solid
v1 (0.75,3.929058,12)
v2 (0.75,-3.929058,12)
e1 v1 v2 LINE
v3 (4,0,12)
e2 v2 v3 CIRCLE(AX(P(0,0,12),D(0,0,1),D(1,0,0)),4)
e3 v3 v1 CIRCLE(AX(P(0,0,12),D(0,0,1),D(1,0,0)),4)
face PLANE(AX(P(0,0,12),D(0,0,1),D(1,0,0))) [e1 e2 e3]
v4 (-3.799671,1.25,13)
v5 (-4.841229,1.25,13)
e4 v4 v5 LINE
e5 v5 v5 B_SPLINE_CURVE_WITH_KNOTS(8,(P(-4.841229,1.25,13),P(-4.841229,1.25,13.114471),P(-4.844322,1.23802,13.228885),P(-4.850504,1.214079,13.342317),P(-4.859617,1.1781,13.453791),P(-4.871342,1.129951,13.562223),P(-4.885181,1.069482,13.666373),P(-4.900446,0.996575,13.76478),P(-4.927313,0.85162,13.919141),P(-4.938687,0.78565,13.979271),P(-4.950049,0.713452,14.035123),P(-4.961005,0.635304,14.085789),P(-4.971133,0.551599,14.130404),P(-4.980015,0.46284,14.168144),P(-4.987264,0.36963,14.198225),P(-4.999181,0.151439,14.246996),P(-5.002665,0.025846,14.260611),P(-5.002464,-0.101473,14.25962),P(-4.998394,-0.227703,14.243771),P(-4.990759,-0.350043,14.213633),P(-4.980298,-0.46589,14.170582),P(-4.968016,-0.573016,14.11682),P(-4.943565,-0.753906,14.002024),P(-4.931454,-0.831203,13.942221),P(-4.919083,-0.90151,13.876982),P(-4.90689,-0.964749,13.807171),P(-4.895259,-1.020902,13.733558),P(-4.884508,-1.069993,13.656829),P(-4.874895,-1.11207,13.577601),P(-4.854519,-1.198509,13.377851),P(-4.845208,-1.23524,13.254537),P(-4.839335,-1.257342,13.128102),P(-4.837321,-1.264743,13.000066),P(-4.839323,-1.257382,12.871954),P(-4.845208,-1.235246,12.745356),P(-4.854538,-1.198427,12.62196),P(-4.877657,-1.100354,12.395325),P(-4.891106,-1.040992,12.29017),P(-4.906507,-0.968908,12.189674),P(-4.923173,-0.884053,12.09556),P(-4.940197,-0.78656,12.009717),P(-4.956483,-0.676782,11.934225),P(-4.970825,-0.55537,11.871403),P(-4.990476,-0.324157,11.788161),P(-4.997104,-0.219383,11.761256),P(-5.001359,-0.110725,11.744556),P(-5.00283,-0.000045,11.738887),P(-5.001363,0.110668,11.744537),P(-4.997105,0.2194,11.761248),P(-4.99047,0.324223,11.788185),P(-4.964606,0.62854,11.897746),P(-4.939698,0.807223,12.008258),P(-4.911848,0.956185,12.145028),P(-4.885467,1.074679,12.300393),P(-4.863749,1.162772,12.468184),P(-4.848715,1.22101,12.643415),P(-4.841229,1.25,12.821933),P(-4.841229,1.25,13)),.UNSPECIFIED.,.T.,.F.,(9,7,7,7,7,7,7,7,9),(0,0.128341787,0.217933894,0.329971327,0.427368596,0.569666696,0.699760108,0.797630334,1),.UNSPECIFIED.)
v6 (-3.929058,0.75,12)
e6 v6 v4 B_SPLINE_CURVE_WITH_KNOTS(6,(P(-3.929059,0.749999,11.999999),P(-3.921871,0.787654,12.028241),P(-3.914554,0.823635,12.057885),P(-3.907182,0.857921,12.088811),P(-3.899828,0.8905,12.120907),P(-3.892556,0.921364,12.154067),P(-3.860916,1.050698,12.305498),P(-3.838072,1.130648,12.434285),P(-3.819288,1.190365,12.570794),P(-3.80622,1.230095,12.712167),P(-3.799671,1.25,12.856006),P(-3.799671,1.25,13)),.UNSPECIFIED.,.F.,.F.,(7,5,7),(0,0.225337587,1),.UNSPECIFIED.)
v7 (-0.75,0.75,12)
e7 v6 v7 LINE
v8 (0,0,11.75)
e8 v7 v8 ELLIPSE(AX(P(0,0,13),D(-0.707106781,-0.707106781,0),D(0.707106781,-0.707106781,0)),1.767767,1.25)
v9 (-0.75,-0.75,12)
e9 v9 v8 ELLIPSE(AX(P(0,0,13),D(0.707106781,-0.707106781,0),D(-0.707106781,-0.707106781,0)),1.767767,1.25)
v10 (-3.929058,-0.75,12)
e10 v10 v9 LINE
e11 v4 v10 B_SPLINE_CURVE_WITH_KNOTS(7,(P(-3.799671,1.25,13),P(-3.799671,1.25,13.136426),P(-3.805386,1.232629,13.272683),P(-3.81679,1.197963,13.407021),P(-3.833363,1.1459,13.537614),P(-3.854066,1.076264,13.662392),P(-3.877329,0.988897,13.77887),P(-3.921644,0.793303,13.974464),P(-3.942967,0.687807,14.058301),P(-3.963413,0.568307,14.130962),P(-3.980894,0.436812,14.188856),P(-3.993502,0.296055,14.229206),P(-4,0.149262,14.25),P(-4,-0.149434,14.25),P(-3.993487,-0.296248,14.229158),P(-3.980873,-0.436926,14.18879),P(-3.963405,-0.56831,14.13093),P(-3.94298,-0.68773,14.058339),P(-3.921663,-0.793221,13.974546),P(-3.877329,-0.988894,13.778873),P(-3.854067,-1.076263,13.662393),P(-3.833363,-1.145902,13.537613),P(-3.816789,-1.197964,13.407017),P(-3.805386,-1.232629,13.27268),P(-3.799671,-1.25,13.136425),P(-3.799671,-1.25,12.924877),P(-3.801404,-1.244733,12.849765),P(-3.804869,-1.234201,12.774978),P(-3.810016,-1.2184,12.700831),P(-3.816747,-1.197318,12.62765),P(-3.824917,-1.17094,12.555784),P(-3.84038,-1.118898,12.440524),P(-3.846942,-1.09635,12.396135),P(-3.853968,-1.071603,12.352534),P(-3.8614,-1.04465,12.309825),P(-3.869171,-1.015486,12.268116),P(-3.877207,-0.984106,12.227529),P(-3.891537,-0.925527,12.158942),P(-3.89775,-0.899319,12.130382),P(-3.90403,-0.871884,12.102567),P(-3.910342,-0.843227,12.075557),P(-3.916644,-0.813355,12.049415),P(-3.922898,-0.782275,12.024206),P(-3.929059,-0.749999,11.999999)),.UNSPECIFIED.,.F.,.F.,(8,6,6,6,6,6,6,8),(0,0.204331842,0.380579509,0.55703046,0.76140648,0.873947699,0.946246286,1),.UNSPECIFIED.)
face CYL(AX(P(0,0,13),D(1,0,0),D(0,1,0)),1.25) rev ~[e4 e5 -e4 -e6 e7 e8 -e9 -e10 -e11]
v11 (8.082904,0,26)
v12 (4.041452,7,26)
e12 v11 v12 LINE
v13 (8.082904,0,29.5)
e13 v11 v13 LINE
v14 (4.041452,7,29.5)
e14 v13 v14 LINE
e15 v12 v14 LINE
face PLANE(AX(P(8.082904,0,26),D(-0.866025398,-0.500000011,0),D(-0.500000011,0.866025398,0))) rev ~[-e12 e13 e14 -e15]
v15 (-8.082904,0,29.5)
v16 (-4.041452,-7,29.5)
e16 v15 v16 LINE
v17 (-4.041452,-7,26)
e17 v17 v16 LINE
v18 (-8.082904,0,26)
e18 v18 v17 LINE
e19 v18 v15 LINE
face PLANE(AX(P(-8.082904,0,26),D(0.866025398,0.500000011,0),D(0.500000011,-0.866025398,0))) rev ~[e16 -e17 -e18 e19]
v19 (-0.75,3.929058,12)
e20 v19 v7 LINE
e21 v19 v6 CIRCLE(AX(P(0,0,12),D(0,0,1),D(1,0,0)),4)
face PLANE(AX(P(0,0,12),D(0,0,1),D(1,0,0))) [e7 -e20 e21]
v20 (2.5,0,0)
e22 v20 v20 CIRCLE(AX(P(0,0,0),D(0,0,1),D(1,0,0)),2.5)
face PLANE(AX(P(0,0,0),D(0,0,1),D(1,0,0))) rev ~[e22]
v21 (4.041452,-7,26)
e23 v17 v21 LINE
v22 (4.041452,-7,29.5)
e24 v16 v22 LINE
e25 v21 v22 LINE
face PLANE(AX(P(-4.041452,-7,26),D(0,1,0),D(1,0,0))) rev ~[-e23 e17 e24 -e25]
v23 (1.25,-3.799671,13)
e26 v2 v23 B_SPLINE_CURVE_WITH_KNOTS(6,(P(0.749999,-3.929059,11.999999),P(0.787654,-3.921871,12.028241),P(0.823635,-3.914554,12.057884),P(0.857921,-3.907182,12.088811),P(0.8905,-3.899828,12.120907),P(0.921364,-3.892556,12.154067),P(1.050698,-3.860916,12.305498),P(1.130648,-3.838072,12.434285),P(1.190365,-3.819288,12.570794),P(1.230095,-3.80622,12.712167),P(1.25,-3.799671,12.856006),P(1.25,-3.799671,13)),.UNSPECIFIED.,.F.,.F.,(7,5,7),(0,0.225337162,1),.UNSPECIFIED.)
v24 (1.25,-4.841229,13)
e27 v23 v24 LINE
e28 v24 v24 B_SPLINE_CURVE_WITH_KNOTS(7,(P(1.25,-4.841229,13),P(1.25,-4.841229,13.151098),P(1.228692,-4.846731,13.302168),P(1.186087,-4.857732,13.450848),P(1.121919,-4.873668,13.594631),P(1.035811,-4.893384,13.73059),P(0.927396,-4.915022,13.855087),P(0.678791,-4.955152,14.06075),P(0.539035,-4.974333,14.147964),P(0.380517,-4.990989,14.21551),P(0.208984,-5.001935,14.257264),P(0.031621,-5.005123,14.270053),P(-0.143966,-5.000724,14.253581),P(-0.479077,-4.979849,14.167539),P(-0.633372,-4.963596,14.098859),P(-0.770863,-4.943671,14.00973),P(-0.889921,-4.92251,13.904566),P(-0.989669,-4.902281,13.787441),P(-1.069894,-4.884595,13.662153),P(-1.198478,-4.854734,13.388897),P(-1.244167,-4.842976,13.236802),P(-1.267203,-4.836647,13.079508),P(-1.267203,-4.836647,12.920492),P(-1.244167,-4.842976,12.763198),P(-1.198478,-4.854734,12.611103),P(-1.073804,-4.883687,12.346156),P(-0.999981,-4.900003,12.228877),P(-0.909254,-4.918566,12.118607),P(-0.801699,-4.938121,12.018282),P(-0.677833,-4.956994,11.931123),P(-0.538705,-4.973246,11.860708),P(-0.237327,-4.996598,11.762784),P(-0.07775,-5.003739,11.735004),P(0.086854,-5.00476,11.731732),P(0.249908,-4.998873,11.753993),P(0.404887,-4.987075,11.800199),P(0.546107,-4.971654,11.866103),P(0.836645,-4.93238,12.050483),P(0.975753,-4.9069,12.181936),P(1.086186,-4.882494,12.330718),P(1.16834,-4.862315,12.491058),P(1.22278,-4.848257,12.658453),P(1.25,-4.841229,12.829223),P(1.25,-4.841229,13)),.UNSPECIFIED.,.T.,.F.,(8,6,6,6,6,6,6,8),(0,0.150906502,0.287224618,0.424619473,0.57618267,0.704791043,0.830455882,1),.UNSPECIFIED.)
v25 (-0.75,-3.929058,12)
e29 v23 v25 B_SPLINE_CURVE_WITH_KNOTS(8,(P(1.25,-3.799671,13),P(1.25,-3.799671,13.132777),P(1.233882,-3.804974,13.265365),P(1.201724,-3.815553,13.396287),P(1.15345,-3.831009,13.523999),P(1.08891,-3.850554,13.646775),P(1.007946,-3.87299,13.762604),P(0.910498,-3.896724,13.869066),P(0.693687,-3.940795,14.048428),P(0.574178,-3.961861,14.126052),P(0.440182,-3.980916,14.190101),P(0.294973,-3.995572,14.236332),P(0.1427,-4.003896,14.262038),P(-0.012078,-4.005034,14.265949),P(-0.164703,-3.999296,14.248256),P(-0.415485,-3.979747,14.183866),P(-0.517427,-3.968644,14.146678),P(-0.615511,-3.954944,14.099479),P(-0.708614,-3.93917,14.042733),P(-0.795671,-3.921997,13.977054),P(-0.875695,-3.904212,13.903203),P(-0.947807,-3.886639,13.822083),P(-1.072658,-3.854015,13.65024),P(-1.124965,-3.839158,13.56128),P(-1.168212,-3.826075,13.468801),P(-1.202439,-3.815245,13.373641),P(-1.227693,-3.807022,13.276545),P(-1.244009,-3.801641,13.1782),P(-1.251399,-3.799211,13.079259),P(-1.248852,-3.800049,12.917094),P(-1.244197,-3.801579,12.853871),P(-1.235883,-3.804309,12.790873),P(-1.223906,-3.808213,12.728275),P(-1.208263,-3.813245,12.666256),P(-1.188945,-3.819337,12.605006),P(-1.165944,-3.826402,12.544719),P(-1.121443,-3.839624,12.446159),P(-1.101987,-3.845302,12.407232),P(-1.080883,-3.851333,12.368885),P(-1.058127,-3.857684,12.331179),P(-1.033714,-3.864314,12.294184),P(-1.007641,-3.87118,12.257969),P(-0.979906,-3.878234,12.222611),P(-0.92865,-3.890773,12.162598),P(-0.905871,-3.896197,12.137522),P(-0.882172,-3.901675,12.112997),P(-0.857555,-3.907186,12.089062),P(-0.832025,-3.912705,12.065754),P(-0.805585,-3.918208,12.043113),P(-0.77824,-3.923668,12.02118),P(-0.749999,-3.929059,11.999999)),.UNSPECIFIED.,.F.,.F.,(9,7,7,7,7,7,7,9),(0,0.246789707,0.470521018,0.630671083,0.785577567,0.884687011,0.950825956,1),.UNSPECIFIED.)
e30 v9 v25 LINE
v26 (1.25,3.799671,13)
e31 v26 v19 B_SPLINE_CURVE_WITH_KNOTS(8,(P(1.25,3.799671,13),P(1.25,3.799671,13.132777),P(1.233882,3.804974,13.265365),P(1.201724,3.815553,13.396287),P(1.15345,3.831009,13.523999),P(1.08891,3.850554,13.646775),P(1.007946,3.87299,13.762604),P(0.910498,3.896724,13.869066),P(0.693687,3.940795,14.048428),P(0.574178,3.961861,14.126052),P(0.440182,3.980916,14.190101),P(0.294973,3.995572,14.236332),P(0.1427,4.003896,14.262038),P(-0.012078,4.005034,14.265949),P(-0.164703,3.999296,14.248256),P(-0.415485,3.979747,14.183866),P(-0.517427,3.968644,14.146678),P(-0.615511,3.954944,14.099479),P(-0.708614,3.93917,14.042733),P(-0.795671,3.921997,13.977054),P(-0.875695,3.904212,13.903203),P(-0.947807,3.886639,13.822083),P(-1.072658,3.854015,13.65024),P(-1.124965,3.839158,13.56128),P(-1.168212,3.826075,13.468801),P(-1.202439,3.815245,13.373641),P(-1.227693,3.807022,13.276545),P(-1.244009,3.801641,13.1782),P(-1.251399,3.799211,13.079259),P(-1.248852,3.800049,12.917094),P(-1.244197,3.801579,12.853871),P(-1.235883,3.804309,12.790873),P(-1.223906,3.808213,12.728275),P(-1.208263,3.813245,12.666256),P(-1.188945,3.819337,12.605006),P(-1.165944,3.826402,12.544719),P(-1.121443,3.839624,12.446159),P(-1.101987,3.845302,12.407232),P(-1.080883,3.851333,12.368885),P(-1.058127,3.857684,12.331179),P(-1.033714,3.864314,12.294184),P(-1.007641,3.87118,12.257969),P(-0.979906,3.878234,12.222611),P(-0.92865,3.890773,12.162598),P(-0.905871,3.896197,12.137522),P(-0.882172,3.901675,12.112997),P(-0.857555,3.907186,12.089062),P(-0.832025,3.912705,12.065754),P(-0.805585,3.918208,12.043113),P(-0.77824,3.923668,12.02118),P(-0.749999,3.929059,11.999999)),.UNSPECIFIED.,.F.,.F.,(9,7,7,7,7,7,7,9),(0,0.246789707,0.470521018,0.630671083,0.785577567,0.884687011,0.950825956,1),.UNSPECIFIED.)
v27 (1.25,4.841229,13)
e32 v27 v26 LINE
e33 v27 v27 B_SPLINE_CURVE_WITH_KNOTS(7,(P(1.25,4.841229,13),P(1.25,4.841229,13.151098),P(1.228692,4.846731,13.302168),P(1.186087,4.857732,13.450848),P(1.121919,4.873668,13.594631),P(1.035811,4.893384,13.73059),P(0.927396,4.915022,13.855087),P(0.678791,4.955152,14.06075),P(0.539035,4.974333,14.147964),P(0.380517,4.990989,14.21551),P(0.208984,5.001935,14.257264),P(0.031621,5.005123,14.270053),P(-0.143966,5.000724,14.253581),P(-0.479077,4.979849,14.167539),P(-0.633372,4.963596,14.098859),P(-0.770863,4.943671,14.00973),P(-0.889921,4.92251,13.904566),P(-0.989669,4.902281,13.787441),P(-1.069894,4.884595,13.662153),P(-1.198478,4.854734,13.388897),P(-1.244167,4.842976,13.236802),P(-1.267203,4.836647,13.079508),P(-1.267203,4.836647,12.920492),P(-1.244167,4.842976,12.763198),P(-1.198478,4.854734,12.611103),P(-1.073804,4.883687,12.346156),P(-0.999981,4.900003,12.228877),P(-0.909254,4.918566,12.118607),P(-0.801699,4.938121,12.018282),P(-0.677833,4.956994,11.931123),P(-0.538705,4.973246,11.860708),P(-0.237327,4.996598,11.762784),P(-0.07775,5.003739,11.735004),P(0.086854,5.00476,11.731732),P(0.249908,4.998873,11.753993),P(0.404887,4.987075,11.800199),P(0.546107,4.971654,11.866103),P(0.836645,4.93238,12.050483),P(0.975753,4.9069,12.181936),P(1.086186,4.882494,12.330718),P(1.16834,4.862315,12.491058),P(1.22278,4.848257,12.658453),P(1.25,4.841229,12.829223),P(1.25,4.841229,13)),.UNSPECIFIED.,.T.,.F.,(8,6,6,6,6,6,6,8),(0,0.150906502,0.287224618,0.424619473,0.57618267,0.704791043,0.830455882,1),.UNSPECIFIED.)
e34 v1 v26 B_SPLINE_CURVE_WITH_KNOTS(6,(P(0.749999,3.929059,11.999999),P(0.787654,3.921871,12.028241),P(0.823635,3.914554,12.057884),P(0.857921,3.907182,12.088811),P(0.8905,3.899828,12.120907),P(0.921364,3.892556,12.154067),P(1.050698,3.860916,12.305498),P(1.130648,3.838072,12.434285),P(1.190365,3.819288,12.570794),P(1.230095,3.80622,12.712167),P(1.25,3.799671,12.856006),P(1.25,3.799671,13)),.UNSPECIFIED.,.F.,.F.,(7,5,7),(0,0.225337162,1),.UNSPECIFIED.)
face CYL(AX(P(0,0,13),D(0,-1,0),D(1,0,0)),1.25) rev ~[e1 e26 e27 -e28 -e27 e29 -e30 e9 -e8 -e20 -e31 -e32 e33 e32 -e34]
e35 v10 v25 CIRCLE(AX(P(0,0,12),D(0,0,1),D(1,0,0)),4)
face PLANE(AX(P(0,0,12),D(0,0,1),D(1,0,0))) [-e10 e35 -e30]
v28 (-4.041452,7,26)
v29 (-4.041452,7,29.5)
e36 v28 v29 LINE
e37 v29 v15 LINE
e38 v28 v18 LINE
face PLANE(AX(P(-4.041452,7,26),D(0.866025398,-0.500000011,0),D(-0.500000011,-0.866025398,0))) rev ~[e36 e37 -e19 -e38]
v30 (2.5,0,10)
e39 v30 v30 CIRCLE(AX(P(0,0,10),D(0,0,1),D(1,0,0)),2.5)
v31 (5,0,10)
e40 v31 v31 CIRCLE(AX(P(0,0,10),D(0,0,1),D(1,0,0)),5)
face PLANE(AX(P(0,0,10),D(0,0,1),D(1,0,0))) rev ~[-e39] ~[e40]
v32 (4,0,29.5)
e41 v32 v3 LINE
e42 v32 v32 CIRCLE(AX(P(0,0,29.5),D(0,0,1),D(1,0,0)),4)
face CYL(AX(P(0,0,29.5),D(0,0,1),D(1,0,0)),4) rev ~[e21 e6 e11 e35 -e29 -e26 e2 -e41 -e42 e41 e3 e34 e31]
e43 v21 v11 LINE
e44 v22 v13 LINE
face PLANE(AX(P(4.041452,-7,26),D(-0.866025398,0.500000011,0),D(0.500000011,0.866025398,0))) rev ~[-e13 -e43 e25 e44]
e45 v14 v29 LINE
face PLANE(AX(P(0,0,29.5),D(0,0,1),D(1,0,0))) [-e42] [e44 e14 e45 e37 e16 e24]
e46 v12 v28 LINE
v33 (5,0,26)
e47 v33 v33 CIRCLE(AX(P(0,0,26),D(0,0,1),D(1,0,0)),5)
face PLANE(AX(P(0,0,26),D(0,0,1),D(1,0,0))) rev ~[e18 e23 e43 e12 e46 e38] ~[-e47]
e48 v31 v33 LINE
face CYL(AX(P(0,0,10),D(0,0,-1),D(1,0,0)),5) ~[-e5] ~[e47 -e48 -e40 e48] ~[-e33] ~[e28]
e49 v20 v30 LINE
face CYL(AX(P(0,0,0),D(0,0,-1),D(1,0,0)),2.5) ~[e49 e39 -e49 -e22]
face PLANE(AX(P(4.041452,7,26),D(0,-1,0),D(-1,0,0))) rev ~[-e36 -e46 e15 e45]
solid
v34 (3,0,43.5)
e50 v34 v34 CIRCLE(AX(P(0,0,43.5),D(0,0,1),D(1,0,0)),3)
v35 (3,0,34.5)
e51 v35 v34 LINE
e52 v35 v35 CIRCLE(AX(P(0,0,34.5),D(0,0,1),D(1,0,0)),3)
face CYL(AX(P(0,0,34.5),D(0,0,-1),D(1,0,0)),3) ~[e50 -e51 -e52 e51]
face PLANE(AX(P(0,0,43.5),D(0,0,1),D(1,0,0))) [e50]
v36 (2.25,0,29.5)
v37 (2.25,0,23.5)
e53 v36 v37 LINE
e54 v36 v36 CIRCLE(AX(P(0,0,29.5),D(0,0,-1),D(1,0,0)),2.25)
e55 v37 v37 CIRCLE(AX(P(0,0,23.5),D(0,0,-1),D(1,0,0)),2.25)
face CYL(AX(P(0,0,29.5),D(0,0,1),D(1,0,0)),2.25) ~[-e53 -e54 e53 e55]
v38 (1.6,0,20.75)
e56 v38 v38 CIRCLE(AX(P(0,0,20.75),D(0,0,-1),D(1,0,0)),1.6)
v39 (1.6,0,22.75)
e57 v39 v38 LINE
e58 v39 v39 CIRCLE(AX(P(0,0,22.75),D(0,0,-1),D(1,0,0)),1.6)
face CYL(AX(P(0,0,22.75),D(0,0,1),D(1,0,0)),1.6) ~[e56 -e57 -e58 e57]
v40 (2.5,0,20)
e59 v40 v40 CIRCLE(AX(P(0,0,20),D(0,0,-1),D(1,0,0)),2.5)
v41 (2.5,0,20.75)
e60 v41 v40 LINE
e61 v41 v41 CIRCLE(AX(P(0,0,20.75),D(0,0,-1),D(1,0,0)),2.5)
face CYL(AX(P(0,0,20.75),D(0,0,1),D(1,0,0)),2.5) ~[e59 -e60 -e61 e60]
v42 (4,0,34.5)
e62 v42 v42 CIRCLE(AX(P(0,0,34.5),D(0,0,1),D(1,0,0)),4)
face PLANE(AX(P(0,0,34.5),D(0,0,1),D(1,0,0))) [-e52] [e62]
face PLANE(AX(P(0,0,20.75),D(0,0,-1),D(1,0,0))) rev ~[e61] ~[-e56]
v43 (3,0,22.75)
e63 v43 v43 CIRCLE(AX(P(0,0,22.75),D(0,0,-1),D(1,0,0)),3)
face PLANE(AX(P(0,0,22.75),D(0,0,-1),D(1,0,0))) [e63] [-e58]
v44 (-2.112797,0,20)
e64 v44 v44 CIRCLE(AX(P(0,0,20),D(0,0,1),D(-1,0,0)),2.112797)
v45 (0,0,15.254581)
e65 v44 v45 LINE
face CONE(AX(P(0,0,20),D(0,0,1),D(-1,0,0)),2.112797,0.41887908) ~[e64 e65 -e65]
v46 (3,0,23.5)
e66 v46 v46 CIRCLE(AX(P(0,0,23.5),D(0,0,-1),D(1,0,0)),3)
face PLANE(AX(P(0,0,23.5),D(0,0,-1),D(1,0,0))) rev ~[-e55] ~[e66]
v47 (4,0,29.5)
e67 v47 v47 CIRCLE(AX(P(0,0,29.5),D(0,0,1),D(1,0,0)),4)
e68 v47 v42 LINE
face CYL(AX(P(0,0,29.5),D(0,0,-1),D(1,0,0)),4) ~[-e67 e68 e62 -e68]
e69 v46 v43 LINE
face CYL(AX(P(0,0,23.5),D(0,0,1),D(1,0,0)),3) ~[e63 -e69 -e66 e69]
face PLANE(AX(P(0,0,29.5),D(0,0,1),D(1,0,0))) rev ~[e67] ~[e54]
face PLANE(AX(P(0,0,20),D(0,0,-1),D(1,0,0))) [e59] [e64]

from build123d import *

# Parameters (mm, degrees)
F0_R      = 2.5
F1_DEPTH  = 10
F2_R      = 5
F3_DEPTH  = 16
F5_DEPTH  = 3.5
F6_R      = 4
F7_DEPTH  = 17.5
F8_R      = 1.25
F9_DEPTH  = 12.5
F10_R     = 1.25
F11_DEPTH = 8.083904
F12_R     = 4
F13_DEPTH = 5
F14_R     = 3
F15_DEPTH = 9
F16_R     = 2.25
F17_DEPTH = 6
F18_R     = 3
F19_DEPTH = 0.75
F20_R     = 1.6
F21_DEPTH = 2
F22_R     = 2.5
F23_DEPTH = 0.75


with BuildPart() as f1:
    # F0 (on Top) → F1 (new body)
    with BuildSketch(Plane.XY):
        Circle(F0_R)
    extrude(amount=F1_DEPTH)

    # F2 (on face) → F3 (join)
    with BuildSketch(Plane.XY.offset(10)):
        Circle(F2_R)
    extrude(amount=F3_DEPTH)

    # F4 (on face) → F5 (join)
    with BuildSketch(Plane.XY.offset(26)):
        Polygon((4.041452, 7), (-4.041452, 7), (-8.082904, 0), (-4.041452, -7), (4.041452, -7), (8.082904, 0), align=None)
    extrude(amount=F5_DEPTH)

    # F6 (on face) → F7 (cut)
    with BuildSketch(Plane.XY.offset(29.5)):
        Circle(F6_R)
    extrude(amount=-F7_DEPTH, mode=Mode.SUBTRACT)

    # F8 (on Front) → F9 (cut, symmetric)
    with BuildSketch(Plane.XZ):
        with Locations((0, 13)):
            Circle(F8_R)
    extrude(amount=F9_DEPTH, both=True, mode=Mode.SUBTRACT)

    # F10 (on Right) → F11 (cut, through all)
    with BuildSketch(Plane.YZ):
        with Locations((0, 13)):
            Circle(F10_R)
    extrude(amount=-F11_DEPTH, mode=Mode.SUBTRACT)


with BuildPart() as f13:
    # F12 (on face) → F13 (new body)
    with BuildSketch(Plane.XY.offset(29.5)):
        Circle(F12_R)
    extrude(amount=F13_DEPTH)

    # F14 (on face) → F15 (join)
    with BuildSketch(Plane.XY.offset(34.5)):
        Circle(F14_R)
    extrude(amount=F15_DEPTH)

    # F16 (on face) → F17 (join)
    with BuildSketch(Plane(origin=(0, 0, 29.5), x_dir=(1, 0, 0), z_dir=(0, 0, -1))):
        Circle(F16_R)
    extrude(amount=F17_DEPTH)

    # F18 (on face) → F19 (join)
    with BuildSketch(Plane(origin=(0, 0, 23.5), x_dir=(1, 0, 0), z_dir=(0, 0, -1))):
        Circle(F18_R)
    extrude(amount=F19_DEPTH)

    # F20 (on face) → F21 (join)
    with BuildSketch(Plane(origin=(0, 0, 22.75), x_dir=(1, 0, 0), z_dir=(0, 0, -1))):
        Circle(F20_R)
    extrude(amount=F21_DEPTH)

    # F22 (on face) → F23 (join)
    with BuildSketch(Plane(origin=(0, 0, 20.75), x_dir=(1, 0, 0), z_dir=(0, 0, -1))):
        Circle(F22_R)
    extrude(amount=F23_DEPTH)

    # F24 (on Front) → F25 (revolve)
    with BuildSketch(Plane.XZ):
        Polygon((0, 15.254581), (0, 20), (-2.112797, 20), align=None)
    revolve(axis=Axis((0, 0, 17.627291), (0, 0, 1)))


solid = Compound([f1.part, f13.part])
